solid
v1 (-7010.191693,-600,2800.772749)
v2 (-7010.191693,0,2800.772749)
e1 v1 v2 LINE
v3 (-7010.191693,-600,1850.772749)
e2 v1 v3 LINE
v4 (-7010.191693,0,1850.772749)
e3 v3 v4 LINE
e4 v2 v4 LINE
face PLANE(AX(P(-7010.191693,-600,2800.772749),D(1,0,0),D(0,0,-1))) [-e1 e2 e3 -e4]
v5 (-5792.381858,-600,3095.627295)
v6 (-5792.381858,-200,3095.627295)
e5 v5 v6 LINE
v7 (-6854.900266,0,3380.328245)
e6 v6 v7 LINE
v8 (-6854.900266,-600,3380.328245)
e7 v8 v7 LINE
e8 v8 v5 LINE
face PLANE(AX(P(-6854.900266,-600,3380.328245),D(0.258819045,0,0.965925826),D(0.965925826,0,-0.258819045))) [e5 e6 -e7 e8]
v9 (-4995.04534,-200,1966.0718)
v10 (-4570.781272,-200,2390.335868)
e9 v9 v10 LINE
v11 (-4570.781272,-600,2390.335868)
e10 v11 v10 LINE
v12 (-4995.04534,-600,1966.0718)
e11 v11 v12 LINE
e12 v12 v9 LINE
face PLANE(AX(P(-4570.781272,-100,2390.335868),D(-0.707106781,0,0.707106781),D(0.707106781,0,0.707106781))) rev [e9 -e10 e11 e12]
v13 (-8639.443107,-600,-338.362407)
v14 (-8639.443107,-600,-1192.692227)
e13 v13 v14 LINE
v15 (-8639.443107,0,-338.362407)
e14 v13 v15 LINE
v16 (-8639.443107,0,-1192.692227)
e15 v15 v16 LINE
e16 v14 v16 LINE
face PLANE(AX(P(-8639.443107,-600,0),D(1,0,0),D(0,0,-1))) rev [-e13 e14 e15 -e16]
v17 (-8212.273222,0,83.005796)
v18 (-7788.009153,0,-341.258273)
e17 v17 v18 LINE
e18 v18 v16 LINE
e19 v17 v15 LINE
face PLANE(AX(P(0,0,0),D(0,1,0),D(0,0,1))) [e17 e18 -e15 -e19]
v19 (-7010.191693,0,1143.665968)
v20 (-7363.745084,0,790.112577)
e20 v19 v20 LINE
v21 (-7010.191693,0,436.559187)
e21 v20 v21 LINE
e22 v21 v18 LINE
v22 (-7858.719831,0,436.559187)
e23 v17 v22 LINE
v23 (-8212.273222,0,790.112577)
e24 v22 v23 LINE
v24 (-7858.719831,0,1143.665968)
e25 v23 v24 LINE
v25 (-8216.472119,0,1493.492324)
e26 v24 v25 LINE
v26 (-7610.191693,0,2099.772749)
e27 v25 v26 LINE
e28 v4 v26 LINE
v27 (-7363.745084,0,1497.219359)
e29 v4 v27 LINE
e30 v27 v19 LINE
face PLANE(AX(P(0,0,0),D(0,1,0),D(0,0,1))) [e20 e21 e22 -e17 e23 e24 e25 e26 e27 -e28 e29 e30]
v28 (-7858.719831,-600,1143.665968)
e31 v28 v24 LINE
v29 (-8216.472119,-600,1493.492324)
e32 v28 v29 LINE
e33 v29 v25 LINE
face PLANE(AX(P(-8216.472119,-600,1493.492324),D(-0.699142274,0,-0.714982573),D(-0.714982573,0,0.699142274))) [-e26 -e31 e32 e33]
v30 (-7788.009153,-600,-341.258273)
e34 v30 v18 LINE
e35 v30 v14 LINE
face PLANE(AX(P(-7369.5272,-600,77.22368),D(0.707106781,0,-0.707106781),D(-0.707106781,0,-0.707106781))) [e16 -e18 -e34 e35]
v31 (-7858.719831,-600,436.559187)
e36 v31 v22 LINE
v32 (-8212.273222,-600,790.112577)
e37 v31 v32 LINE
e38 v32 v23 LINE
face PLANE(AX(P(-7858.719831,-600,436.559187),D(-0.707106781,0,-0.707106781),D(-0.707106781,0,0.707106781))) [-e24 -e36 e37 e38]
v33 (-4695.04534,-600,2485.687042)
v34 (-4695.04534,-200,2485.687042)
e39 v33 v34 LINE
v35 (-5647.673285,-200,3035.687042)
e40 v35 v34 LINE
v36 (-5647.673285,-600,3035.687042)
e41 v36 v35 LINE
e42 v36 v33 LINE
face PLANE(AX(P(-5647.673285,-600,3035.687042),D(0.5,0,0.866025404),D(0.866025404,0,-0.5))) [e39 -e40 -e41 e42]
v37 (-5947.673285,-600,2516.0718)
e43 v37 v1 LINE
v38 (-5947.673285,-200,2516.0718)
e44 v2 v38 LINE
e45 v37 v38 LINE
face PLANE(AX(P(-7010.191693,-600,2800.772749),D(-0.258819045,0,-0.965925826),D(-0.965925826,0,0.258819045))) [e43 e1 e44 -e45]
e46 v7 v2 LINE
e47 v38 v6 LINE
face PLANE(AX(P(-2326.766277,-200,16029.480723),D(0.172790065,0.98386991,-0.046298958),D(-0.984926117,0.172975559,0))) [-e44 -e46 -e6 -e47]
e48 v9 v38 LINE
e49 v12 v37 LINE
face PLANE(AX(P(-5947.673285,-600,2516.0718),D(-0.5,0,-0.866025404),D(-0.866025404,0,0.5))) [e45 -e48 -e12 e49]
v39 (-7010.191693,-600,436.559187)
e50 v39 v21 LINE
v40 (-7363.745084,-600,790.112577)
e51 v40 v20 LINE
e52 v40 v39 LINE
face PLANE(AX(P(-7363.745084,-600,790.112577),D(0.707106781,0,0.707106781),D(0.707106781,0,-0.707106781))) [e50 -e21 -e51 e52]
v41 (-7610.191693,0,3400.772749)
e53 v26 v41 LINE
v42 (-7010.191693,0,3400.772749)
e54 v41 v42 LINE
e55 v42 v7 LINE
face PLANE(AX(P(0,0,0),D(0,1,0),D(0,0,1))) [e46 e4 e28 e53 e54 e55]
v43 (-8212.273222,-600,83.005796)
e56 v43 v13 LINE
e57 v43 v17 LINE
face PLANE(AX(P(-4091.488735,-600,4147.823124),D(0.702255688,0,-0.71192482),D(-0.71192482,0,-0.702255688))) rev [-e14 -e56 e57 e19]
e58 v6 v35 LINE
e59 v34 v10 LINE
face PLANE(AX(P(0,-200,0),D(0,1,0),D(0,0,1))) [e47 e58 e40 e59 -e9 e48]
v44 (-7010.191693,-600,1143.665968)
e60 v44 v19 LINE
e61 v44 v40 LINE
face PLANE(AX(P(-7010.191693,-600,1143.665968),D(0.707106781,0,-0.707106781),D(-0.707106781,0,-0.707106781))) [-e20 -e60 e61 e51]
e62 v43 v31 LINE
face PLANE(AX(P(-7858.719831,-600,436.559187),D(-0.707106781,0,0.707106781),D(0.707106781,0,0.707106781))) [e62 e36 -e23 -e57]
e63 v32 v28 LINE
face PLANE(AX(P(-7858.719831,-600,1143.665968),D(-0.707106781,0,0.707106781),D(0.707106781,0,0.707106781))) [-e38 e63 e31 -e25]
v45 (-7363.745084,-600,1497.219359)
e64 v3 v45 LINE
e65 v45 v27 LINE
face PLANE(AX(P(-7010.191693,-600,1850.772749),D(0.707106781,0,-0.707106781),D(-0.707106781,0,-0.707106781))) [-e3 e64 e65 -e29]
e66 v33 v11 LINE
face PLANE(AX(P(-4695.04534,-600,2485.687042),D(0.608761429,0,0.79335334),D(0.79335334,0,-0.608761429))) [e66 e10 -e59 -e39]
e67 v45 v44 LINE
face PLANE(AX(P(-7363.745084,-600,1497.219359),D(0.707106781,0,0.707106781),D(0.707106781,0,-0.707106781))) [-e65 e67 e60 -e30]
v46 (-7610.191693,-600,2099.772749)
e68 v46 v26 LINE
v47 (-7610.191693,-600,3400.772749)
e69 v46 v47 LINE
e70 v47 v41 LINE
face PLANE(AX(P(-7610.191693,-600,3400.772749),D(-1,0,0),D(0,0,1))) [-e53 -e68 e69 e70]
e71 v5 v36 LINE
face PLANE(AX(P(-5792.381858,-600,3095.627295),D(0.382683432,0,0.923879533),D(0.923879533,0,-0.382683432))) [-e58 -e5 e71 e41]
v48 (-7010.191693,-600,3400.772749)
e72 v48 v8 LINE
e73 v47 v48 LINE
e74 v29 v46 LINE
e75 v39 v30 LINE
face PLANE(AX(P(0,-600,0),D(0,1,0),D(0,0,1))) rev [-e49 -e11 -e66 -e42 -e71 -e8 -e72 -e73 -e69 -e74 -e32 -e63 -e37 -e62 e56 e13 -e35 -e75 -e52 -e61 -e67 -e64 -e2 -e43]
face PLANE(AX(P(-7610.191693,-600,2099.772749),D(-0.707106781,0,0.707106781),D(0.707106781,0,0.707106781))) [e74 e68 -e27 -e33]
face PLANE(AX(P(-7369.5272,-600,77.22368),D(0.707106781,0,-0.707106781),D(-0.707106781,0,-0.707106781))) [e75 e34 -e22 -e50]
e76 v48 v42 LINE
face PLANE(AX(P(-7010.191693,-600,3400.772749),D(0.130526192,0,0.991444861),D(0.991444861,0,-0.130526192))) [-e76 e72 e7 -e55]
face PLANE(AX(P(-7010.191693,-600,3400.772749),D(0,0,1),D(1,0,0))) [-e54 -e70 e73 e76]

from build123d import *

# Parameters (mm, degrees)
BOSS_EXTRUDE1_DEPTH      = 600
CUT_EXTRUDE9_DEPTH       = 8723.868006427
CUT_EXTRUDE9_DEPTH_BACK  = 8723.868006427
CUT_EXTRUDE_THIN1_DEPTH  = 8723.868006427
CUT_EXTRUDE40_DEPTH      = 400
CUT_EXTRUDE42_DEPTH      = 8272.33671098
CUT_EXTRUDE42_DEPTH_BACK = 8272.33671098
CUT_EXTRUDE43_DEPTH      = 200
CUT_EXTRUDE44_DEPTH      = 8662.204945729
CUT_EXTRUDE44_DEPTH_BACK = 8662.204945729
SKETCH20_W               = 1000
SKETCH20_H               = 600
CUT_EXTRUDE45_DEPTH      = 600
CUT_EXTRUDE46_DEPTH      = 600
BOSS_EXTRUDE2_DEPTH      = 600
BOSS_EXTRUDE3_DEPTH      = 600
BOSS_EXTRUDE4_DEPTH      = 600
BOSS_EXTRUDE5_REACH      = 8720.017
SKETCH27_W               = 600.055718855
SKETCH27_H               = 600
CUT_EXTRUDE47_DEPTH      = 500
CUT_EXTRUDE48_DEPTH      = 500
CUT_EXTRUDE49_DEPTH      = 500


with BuildPart() as part:
    # Sketch1 → Boss-Extrude1 (new body)
    with BuildSketch(Plane(origin=(0, 0, 0), x_dir=(1, 0, 0), z_dir=(0, 1, 0))):
        Polygon((0, 0), (-1000, 0), (-2062.518408918, -284.700949613), (-3015.146353081, -834.700949613), (-3792.963812386, -1612.518408918), (-4570.781271691, -2390.335868223), (-4695.045340403, -2485.687041782), (-5647.673284566, -3035.687041782), (-5792.381857505, -3095.627295285), (-6854.900266423, -3380.328244897), (-7010.191693484, -3400.772749124), (-8010.191693484, -3400.772749124), (-8010.191693484, -2800.772749124), (-7010.191693484, -2800.772749124), (-5947.673284566, -2516.071799511), (-4995.045340403, -1966.071799511), (-4217.227881098, -1188.254340206), (-3439.410421793, -410.436880901), (-3315.146353081, -315.085707342), (-2362.518408918, 234.914292658), (-2217.809835979, 294.854546161), (-1155.291427062, 579.555495773), (-1000, 600), (0, 600), align=None)
    extrude(amount=-BOSS_EXTRUDE1_DEPTH)

    # Sketch7 → Cut-Extrude9 (cut, two sides)
    with BuildSketch(Plane.XY) as cut_extrude9_sk:
        Polygon((-1000, 14081.643483175), (-1000, 0), (-1000, -600), (-2062.518408918, -400), (-3015.146353081, -400), (-3015.146353081, 0), (-3015.146353081, 14081.643483175), (-3015.146353081, 42244.930449524), (-1000, 42244.930449524), align=None)
    extrude(amount=CUT_EXTRUDE9_DEPTH, mode=Mode.SUBTRACT)
    extrude(cut_extrude9_sk.sketch, amount=-CUT_EXTRUDE9_DEPTH_BACK, mode=Mode.SUBTRACT)


with BuildPart() as cut_extrude9_piece_1:
    # of the separate pieces the step leaves, piece 1, a body of its own (cut_extrude9_pieces)
    add(part.part.solids().sort_by_distance((-2062.518408918, -400, 284.700949613))[0])

    # Sketch14 → Cut-Extrude40 (cut)
    with BuildSketch(Plane(origin=(0, -400, 0), x_dir=(1, 0, 0), z_dir=(0, 1, 0))):
        Polygon((-3015.146353081, -834.700949613), (-3439.410421793, -410.436880901), (-3315.146353081, -315.085707342), (-3015.146353081, -141.880626585), align=None)
    extrude(amount=CUT_EXTRUDE40_DEPTH, mode=Mode.SUBTRACT)

    # Sketch17 → Cut-Extrude42 (cut, two sides)
    with BuildSketch(Plane(origin=(-1090.222701734, 0, -1090.222701734), x_dir=(0.7071067811865475, 0, -0.7071067811865477), z_dir=(0.7071067811865477, 0, 0.7071067811865475))) as cut_extrude42_sk:
        Polygon((-4922.253134267, 10770.157285422), (-4922.253134267, 0), (-4922.253134267, -200), (-2722.253134267, -400), (-2722.253134267, 0), (-2722.253134267, 10770.157285422), (-2722.253134267, 32310.471856265), (-4922.253134267, 32310.471856265), align=None)
    extrude(amount=CUT_EXTRUDE42_DEPTH, mode=Mode.SUBTRACT)
    extrude(cut_extrude42_sk.sketch, amount=-CUT_EXTRUDE42_DEPTH_BACK, mode=Mode.SUBTRACT)

    # Sketch18 → Cut-Extrude43 (cut)
    with BuildSketch(Plane(origin=(0, 0, 0), x_dir=(1, 0, 0), z_dir=(0, 1, 0))):
        Polygon((-4570.781271691, -2390.335868223), (-4995.045340403, -1966.071799511), (-5947.673284566, -2516.071799511), (-5792.381857505, -3095.627295285), (-5647.673284566, -3035.687041782), (-4695.045340403, -2485.687041782), align=None)
    extrude(amount=-CUT_EXTRUDE43_DEPTH, mode=Mode.SUBTRACT)

    # Sketch19 → Cut-Extrude44 (cut, two sides)
    with BuildSketch(Plane(origin=(385.890813578, 0, 1440.164122449), x_dir=(0.9659258262890701, 0, -0.2588190451025142), z_dir=(0.2588190451025142, 0, 0.9659258262890701))) as cut_extrude44_sk:
        Polygon((-7496.218532451, 0), (-6396.218532451, -200), (-6396.218532451, 0), align=None)
    extrude(amount=CUT_EXTRUDE44_DEPTH, mode=Mode.SUBTRACT)
    extrude(cut_extrude44_sk.sketch, amount=-CUT_EXTRUDE44_DEPTH_BACK, mode=Mode.SUBTRACT)

    # Sketch20 → Cut-Extrude45 (cut)
    with BuildSketch(Plane(origin=(0, 0, 0), x_dir=(1, 0, 0), z_dir=(0, 1, 0))):
        with Locations((-7510.191693484, -3100.772749124)):
            Rectangle(SKETCH20_W, SKETCH20_H)
    extrude(amount=-CUT_EXTRUDE45_DEPTH, mode=Mode.SUBTRACT)

    # Sketch22 → Boss-Extrude2 (add)
    with BuildSketch(Plane(origin=(0, 0, 0), x_dir=(1, 0, 0), z_dir=(0, 1, 0))):
        Polygon((-7010.191693484, -3400.772749124), (-7610.191693484, -3400.772749124), (-7610.191693484, -2099.772749124), (-7010.191693484, -1850.772749124), (-7010.191693484, -2800.772749124), align=None)
    extrude(amount=-BOSS_EXTRUDE2_DEPTH)

    # Sketch23 → Boss-Extrude3 (add)
    with BuildSketch(Plane(origin=(0, 0, 0), x_dir=(1, 0, 0), z_dir=(0, 1, 0))):
        Polygon((-7010.191693484, -1850.772749124), (-7363.745084077, -1497.219358531), (-7010.191693484, -1143.665967937), (-7363.745084077, -790.112577344), (-7010.191693484, -436.559186751), (-7369.52720003, -77.223680205), (-7793.791268742, 347.040388507), (-7858.719830908, 270.547594436), (-8212.273221501, -83.005796158), (-7858.719830908, -436.559186751), (-8212.273221501, -790.112577344), (-7858.719830908, -1143.665967937), (-8216.472118741, -1493.492323867), (-7610.191693484, -2099.772749124), align=None)
    extrude(amount=-BOSS_EXTRUDE3_DEPTH)

    # Sketch27 → Boss-Extrude5 (add, up to next)
    with BuildSketch(Plane(origin=(-4176.549949048, 0, -4064.239704482), x_dir=(0.6974051569050131, 0, -0.7166770870638283), z_dir=(0.7166770870638283, 0, 0.6974051569050131)), mode=Mode.PRIVATE) as boss_extrude5_sk1:
        with Locations((-5486.74218736, -300)):
            Rectangle(SKETCH27_W, SKETCH27_H)
    boss_extrude5_tool1 = extrude(boss_extrude5_sk1.sketch, amount=BOSS_EXTRUDE5_REACH, mode=Mode.PRIVATE) - cut_extrude9_piece_1.part


with BuildPart() as cut_extrude9_piece_2:
    # of the separate pieces the step leaves, piece 2, a body of its own (cut_extrude9_pieces)
    add(part.part.solids().sort_by_distance((0, 0, 0))[0])

    # Sketch8 → Cut-Extrude-Thin1 (cut, through all)
    with BuildSketch(Plane.XY):
        Polygon((-1000, 0), (-1000, -600), (0, -600), (0, 0), (-10, 0), (-10, -590), (-990, -590), (-990, 0), align=None)
        Polygon((-4695.045340403, 0), (-4695.045340403, -200), (-4570.781271691, -200), (-3015.146353081, -400), (-3013.871199655, -390.081634019), (-4570.141081915, -190), (-4685.045340403, -190), (-4685.045340403, 0), align=None)
    extrude(amount=-CUT_EXTRUDE_THIN1_DEPTH, mode=Mode.SUBTRACT)

    # Sketch21 → Cut-Extrude46 (cut)
    with BuildSketch(Plane(origin=(0, 0, 0), x_dir=(1, 0, 0), z_dir=(0, 1, 0))):
        Polygon((0, 0), (-10, 600), (-990, 600), (-1000, 0), align=None)
    extrude(amount=-CUT_EXTRUDE46_DEPTH, mode=Mode.SUBTRACT)


with BuildPart() as body_2:
    # Sketch24 → Boss-Extrude4 (new body)
    with BuildSketch(Plane(origin=(0, 0, 0), x_dir=(1, 0, 0), z_dir=(0, 1, 0))):
        Polygon((-8212.273221501, -83.005796158), (-8639.443107058, 338.362406502), (-8639.443107058, 1192.692226823), (-7793.791268742, 347.040388507), align=None)
    extrude(amount=-BOSS_EXTRUDE4_DEPTH)


with BuildPart() as cut_extrude9_piece_1_1:
    add(cut_extrude9_piece_1.part)

    add(body_2.part)  # Boss-Extrude5 merges body 2
    add(boss_extrude5_tool1.solids().sort_by_distance((-8003.032245, -300, -132.017296))[0])

    # Sketch38 → Cut-Extrude47 (cut)
    with BuildSketch(Plane.XZ.offset(600)):
        Polygon((-4570.781271691, 2390.335868223), (-4995.045340403, 1966.071799511), (-3439.410421793, 410.436880901), (-3315.146353081, 315.085707342), (-2217.809835979, -294.854546161), (-2062.518408918, -336.464758633), (-1000, -600), (-1000, 0), (-2062.518408918, 284.700949613), (-3015.146353081, 834.700949613), align=None)
    extrude(amount=-CUT_EXTRUDE47_DEPTH, mode=Mode.SUBTRACT)


with BuildPart() as cut_extrude47_piece_1:
    # of the separate pieces the step leaves, piece 1, a body of its own (cut_extrude47_pieces)
    add(cut_extrude9_piece_1_1.part.solids().sort_by_distance((-4570.781271691, -600, 2390.335868223))[0])


with BuildPart() as cut_extrude47_piece_2:
    # of the separate pieces the step leaves, piece 2, a body of its own (cut_extrude47_pieces)
    add(cut_extrude9_piece_1_1.part.solids().sort_by_distance((-2362.518408918, -600, -234.914292658))[0])

    # Sketch40 → Cut-Extrude49 (cut)
    with BuildSketch(Plane(origin=(0, -600, 0), x_dir=(-1, 0, 0), z_dir=(0, -1, 0))):
        Polygon((2362.518408918, 234.914292658), (2217.809835979, 294.854546161), (3315.146353081, -315.085707342), align=None)
    extrude(amount=-CUT_EXTRUDE49_DEPTH, mode=Mode.SUBTRACT)


with BuildPart() as cut_extrude47_piece_3:
    # of the separate pieces the step leaves, piece 3, a body of its own (cut_extrude47_pieces)
    add(cut_extrude9_piece_1_1.part.solids().sort_by_distance((-1155.291427062, -570.769179008, -579.555495773))[0])

    # Sketch39 → Cut-Extrude48 (cut)
    with BuildSketch(Plane(origin=(0, -600, 0), x_dir=(-1, 0, 0), z_dir=(0, -1, 0))):
        Polygon((1155.291427062, 579.555495773), (1000, 600), (2062.518408918, 336.464758633), align=None)
    extrude(amount=-CUT_EXTRUDE48_DEPTH, mode=Mode.SUBTRACT)


solid = cut_extrude47_piece_1.part
